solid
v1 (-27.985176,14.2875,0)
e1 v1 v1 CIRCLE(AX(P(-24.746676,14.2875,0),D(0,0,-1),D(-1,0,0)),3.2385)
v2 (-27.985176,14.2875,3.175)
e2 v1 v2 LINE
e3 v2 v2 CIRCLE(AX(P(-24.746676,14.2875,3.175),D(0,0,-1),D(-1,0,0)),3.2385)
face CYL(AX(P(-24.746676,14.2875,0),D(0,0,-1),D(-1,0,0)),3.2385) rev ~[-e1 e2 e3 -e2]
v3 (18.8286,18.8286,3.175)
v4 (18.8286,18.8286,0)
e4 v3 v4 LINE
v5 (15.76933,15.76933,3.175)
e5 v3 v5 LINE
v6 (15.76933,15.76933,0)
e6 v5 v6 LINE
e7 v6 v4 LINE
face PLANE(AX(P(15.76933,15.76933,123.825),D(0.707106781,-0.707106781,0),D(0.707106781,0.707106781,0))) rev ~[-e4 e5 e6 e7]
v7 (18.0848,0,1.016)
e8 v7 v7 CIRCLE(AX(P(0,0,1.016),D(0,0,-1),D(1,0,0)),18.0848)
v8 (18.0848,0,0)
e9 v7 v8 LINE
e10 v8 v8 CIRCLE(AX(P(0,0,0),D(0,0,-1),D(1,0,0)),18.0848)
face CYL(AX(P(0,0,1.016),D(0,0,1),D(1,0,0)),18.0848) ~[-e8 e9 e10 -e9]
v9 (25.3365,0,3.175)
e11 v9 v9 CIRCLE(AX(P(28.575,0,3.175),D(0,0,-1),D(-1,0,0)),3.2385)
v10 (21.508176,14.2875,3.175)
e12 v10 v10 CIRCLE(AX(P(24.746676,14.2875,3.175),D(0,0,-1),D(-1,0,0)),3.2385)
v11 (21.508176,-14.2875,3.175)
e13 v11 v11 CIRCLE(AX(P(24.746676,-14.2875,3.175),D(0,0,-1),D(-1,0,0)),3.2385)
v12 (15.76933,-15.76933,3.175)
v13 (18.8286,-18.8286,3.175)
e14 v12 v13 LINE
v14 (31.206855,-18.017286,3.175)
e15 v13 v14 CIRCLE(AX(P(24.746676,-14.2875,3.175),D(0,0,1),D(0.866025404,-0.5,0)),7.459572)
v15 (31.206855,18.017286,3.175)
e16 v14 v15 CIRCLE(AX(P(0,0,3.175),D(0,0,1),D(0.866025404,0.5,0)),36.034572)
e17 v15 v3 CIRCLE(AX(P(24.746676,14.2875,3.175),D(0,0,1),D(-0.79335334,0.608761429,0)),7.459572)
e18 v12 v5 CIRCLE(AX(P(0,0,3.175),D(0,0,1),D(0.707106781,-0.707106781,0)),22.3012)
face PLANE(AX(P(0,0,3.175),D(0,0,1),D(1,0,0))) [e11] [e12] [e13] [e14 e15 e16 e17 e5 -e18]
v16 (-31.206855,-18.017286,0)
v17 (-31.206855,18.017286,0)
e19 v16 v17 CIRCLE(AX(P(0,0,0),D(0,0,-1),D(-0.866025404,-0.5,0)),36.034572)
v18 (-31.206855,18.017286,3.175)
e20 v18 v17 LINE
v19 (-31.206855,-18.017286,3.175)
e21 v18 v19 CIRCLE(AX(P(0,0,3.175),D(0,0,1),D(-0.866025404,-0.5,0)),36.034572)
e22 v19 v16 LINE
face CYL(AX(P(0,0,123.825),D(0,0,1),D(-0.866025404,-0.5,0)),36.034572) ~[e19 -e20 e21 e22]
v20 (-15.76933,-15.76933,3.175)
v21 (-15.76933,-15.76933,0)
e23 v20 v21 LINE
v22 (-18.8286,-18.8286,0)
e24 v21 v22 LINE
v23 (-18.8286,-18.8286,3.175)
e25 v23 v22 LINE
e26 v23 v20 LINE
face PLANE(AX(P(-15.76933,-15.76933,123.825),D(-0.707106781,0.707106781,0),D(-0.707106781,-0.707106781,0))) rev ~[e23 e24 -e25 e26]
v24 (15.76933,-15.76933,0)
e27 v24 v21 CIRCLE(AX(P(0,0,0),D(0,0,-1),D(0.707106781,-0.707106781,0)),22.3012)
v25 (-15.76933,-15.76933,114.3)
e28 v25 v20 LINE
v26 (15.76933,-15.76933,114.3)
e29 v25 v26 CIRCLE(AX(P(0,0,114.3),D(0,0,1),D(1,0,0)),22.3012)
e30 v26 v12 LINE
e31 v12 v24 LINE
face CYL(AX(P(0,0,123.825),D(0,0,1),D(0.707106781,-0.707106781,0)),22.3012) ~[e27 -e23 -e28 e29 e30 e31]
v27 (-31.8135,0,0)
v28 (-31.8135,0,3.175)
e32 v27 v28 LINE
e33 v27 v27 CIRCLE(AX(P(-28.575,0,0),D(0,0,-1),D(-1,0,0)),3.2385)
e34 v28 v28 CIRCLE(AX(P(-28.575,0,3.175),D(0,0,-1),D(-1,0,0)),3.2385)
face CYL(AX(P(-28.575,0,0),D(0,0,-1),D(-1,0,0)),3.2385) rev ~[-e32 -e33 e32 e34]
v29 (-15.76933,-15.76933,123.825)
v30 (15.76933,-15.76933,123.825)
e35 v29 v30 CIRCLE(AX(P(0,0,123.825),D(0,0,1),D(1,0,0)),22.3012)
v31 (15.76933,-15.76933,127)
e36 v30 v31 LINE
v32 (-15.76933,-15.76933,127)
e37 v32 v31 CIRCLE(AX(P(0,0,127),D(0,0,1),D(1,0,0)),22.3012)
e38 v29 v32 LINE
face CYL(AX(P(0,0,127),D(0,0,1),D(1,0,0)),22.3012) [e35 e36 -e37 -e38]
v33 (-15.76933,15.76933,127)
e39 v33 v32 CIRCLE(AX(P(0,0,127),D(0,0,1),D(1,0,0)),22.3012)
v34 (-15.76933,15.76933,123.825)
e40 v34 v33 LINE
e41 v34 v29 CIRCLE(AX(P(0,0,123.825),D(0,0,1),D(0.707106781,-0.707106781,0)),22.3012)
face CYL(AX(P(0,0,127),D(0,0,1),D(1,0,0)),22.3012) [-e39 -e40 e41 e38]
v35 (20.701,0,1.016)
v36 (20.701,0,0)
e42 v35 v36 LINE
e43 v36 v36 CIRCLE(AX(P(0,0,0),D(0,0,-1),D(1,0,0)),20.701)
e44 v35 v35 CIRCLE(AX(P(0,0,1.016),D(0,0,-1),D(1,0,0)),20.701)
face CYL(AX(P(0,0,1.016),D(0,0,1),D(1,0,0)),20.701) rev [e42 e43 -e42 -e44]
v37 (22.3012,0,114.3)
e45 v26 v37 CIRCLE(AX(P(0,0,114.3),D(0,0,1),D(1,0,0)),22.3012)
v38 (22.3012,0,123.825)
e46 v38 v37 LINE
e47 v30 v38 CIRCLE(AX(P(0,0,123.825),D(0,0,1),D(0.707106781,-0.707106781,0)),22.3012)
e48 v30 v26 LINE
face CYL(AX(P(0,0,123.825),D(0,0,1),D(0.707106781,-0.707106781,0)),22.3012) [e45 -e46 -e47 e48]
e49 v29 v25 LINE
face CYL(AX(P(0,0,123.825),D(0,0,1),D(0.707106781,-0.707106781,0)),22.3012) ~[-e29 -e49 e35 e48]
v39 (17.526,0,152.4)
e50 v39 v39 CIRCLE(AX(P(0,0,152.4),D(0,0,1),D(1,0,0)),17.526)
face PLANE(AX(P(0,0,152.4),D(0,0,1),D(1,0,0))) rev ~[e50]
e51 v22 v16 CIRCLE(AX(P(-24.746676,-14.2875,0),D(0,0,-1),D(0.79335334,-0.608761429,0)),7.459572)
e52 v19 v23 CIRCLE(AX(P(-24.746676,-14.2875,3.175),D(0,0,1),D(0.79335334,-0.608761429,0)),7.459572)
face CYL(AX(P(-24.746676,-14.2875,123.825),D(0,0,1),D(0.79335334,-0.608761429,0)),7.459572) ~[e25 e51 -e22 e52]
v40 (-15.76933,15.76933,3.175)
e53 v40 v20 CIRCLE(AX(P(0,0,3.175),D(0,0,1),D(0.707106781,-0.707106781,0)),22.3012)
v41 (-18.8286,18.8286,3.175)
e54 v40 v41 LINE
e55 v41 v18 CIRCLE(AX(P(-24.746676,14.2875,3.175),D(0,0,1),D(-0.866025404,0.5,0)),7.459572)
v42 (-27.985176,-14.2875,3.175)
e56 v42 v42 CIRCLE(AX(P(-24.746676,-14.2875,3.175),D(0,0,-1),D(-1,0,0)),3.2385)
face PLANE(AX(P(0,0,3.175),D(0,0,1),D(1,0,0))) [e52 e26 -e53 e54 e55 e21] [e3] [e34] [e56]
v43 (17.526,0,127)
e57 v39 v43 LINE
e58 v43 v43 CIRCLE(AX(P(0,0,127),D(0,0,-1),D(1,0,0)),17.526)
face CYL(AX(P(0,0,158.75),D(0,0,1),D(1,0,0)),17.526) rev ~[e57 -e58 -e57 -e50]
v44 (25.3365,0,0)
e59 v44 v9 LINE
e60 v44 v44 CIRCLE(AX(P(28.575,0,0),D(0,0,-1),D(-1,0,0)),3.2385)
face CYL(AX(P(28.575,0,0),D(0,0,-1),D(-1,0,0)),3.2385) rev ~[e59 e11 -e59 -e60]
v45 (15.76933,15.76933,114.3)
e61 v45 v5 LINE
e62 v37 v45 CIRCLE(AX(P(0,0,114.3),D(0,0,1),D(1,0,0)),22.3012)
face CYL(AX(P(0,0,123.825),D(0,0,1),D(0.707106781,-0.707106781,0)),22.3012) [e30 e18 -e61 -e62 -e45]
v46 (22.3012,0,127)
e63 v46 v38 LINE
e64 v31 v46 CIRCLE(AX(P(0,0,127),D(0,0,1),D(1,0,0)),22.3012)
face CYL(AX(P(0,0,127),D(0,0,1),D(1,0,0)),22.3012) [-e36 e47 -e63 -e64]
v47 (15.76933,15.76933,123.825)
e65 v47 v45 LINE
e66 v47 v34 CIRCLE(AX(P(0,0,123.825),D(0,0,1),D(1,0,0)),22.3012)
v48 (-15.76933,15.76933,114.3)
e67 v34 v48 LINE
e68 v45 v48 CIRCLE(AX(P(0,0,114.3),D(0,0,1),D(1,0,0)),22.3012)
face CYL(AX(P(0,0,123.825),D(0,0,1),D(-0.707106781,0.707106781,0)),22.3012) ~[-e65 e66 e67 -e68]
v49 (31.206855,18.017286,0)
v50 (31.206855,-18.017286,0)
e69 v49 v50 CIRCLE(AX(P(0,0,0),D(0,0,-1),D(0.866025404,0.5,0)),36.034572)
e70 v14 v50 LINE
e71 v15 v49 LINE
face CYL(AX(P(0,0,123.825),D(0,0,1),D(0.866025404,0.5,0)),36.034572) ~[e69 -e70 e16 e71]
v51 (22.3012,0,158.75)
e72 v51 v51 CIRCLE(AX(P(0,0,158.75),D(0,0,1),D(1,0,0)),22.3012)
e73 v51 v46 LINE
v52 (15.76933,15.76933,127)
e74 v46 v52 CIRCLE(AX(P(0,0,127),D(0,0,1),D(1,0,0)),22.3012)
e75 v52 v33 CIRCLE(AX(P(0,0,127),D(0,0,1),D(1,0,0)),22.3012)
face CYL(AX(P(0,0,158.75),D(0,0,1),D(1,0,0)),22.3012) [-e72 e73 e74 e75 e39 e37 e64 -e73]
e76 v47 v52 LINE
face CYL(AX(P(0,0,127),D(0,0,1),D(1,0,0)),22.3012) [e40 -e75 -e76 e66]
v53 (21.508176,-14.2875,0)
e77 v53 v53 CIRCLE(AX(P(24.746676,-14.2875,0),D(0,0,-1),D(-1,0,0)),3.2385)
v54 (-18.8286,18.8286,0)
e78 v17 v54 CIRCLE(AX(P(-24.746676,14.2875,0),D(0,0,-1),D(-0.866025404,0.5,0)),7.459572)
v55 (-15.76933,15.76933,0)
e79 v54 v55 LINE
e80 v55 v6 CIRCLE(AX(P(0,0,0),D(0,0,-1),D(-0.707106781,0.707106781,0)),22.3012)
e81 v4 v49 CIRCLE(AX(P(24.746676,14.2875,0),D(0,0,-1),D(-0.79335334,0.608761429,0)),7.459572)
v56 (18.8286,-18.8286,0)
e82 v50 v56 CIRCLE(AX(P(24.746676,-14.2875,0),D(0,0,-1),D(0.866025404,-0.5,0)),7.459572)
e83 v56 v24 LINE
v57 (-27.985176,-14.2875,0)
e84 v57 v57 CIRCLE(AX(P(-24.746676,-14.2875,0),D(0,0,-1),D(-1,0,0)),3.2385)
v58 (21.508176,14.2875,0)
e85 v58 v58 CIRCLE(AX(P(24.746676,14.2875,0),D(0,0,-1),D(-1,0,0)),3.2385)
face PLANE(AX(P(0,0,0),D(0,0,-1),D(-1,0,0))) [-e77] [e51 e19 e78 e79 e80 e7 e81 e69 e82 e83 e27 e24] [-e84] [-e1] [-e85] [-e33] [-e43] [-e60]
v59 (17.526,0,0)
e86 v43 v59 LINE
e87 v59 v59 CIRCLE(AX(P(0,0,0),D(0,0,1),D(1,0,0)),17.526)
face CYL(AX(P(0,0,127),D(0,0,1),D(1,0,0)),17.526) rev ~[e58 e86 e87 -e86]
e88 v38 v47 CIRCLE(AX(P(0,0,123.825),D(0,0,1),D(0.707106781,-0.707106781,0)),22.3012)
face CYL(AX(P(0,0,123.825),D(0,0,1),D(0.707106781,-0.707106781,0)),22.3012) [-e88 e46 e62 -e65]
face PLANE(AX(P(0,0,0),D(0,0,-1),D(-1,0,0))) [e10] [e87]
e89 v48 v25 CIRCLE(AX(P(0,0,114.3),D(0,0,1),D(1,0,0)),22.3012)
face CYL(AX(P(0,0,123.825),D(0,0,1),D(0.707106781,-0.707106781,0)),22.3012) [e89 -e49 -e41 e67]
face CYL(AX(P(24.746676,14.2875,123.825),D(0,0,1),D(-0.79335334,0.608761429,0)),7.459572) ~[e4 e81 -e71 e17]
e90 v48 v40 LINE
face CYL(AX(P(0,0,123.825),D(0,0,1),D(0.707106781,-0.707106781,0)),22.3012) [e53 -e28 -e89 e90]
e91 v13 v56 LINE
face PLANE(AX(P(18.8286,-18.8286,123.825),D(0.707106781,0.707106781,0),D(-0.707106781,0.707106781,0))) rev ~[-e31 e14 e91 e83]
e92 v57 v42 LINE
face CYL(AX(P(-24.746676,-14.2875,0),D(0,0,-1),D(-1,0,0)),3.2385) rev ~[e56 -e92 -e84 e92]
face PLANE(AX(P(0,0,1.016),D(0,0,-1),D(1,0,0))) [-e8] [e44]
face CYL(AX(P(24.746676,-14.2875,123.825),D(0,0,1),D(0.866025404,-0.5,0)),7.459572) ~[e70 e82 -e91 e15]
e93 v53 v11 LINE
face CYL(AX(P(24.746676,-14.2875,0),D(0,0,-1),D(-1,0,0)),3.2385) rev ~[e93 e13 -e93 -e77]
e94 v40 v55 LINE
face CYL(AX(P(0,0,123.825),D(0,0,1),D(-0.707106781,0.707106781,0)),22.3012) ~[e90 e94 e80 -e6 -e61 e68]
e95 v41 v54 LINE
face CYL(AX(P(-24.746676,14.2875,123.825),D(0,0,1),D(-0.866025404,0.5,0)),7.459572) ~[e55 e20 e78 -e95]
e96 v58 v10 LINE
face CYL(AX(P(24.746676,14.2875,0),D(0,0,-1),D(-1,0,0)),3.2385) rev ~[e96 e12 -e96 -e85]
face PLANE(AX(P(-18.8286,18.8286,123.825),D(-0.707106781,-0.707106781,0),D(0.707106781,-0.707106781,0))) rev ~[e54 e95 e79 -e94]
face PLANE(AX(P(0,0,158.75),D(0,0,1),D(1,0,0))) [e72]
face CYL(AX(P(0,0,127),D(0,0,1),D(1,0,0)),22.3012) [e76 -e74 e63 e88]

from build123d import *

# Parameters (mm, degrees)
SKETCH1_R            = 21.082
SKETCH1_R_2          = 17.526
BOSS_EXTRUDE1_DEPTH  = 254
BOSS_EXTRUDE2_START  = 6.35
SKETCH2_R            = 21.082
BOSS_EXTRUDE2_DEPTH  = 6.35
SKETCH3_R            = 25.868376463
CUT_EXTRUDE1_DEPTH   = 127
SKETCH4_R            = 34.925
SKETCH4_R_2          = 19.091061219
BOSS_EXTRUDE3_DEPTH  = 3.175
CUT_EXTRUDE2_DEPTH   = 143.203142546
CIRPATTERN1_COUNT    = 12
SKETCH6_R            = 21.082
CUT_EXTRUDE3_DEPTH   = 6.35
SKETCH7_R            = 21.082
BOSS_EXTRUDE4_DEPTH  = 6.35
CUT_EXTRUDE5_DEPTH   = 137.26632471
BOSS_EXTRUDE5_DEPTH  = 3.175
SKETCH13_R           = 20.701
SKETCH13_R_2         = 18.0848
CUT_EXTRUDE6_DEPTH   = 1.016
SKETCH14_R           = 22.3012
SKETCH14_R_2         = 20.701
BOSS_EXTRUDE6_DEPTH  = 3.175
SKETCH15_R           = 3.175
SKETCH15_R_2         = 21.082
BOSS_EXTRUDE7_DEPTH  = 123.825
SKETCH17_R           = 47.464750001
SKETCH17_R_2         = 22.3012
CUT_EXTRUDE7_DEPTH   = 120.65
SKETCH18_R           = 17.526
CUT_EXTRUDE8_DEPTH   = 134.883658048
CUT_EXTRUDE9_START   = -1.016
SKETCH19_R           = 20.701
SKETCH19_R_2         = 18.0848
CUT_EXTRUDE9_DEPTH   = 1.016
SKETCH20_R           = 44.795310745
SKETCH20_R_2         = 22.3012
CUT_EXTRUDE10_DEPTH  = 12.7
BOSS_EXTRUDE8_START  = 31.75
SKETCH22_R           = 22.3012
SKETCH22_R_2         = 20.701
SKETCH22_R_3         = 18.0848
SKETCH22_R_4         = 17.526
BOSS_EXTRUDE8_DEPTH  = 31.75
BOSS_EXTRUDE9_START  = 32.766
SKETCH23_R           = 20.701
SKETCH23_R_2         = 18.0848
BOSS_EXTRUDE9_DEPTH  = 32.766
SKETCH24_R           = 17.526
BOSS_EXTRUDE10_DEPTH = 6.35
SKETCH25_R           = 3.2385
CUT_EXTRUDE11_DEPTH  = 165.308844535


with BuildPart() as part:
    # Sketch1 → Boss-Extrude1 (new body)
    with BuildSketch(Plane.XY):
        Circle(SKETCH1_R)
        Circle(SKETCH1_R_2, mode=Mode.SUBTRACT)
    extrude(amount=BOSS_EXTRUDE1_DEPTH)

    # Sketch2 → Boss-Extrude2 (add)
    with BuildSketch(Plane(origin=(0, 0, 0), x_dir=(-1, 0, 0), z_dir=(0, 0, -1)).offset(BOSS_EXTRUDE2_START)):
        Circle(SKETCH2_R)
    extrude(amount=-BOSS_EXTRUDE2_DEPTH)

    # Sketch3 → Cut-Extrude1 (cut)
    with BuildSketch(Plane.XY.offset(254)):
        Circle(SKETCH3_R)
    extrude(amount=-CUT_EXTRUDE1_DEPTH, mode=Mode.SUBTRACT)

    # Sketch4 → Boss-Extrude3 (add)
    with BuildSketch(Plane.XY.offset(127)):
        Circle(SKETCH4_R)
        Circle(SKETCH4_R_2, mode=Mode.SUBTRACT)
    extrude(amount=-BOSS_EXTRUDE3_DEPTH)

    # Sketch5 → Cut-Extrude2 (cut, through all)
    with BuildSketch(Plane.XY.offset(127)):
        with BuildLine():
            ThreePointArc((0, 31.75), (-3.175, 28.575), (0, 25.4))
            Line((0, 25.4), (0, 31.75))
        make_face()
        with BuildLine():
            Line((0, 31.75), (0, 25.4))
            ThreePointArc((0, 25.4), (2.24506403, 26.32993597), (3.175, 28.575))
            ThreePointArc((3.175, 28.575), (2.24506403, 30.82006403), (0, 31.75))
        make_face()
    cut_extrude2 = extrude(amount=-CUT_EXTRUDE2_DEPTH, mode=Mode.SUBTRACT)

    # CirPattern1: Cut-Extrude2 ×12 about axis
    cirpattern1_axis = Axis((0, 0, 0), (0, 0, 1))
    for i in range(1, CIRPATTERN1_COUNT):
        add(cut_extrude2.rotate(cirpattern1_axis, i * 360 / CIRPATTERN1_COUNT), mode=Mode.SUBTRACT)

    # Sketch6 → Cut-Extrude3 (cut)
    with BuildSketch(Plane(origin=(0, 0, -6.35), x_dir=(-1, 0, 0), z_dir=(0, 0, -1))):
        Circle(SKETCH6_R)
    extrude(amount=-CUT_EXTRUDE3_DEPTH, mode=Mode.SUBTRACT)

    # Sketch7 → Boss-Extrude4 (add)
    with BuildSketch(Plane(origin=(0, 0, 0), x_dir=(-1, 0, 0), z_dir=(0, 0, -1))):
        Circle(SKETCH7_R)
    extrude(amount=-BOSS_EXTRUDE4_DEPTH)

    # Sketch8 → Cut-Extrude5 (cut, through all)
    with BuildSketch(Plane.XY.offset(127)):
        with BuildLine():
            ThreePointArc((18.828599641, 18.828599641), (22.949516837, 21.527350272), (27.854121372, 21.069018667))
            ThreePointArc((27.854121372, 21.069018667), (0, 34.925), (-27.854121372, 21.069018667))
            ThreePointArc((-27.854121372, 21.069018667), (-22.949516837, 21.527350272), (-18.828599641, 18.828599641))
            Line((-18.828599641, 18.828599641), (-14.907225161, 14.907225161))
            ThreePointArc((-14.907225161, 14.907225161), (0, 21.082), (14.907225161, 14.907225161))
            Line((14.907225161, 14.907225161), (18.828599641, 18.828599641))
        make_face()
        with BuildLine():
            ThreePointArc((14.907225161, -14.907225161), (0, -21.082), (-14.907225161, -14.907225161))
            Line((-14.907225161, -14.907225161), (-18.828599641, -18.828599641))
            ThreePointArc((-18.828599641, -18.828599641), (-22.949516837, -21.527350272), (-27.854121372, -21.069018667))
            ThreePointArc((-27.854121372, -21.069018667), (0, -34.925), (27.854121372, -21.069018667))
            ThreePointArc((27.854121372, -21.069018667), (22.949516837, -21.527350272), (18.828599641, -18.828599641))
            Line((18.828599641, -18.828599641), (14.907225161, -14.907225161))
        make_face()
    extrude(amount=-CUT_EXTRUDE5_DEPTH, mode=Mode.SUBTRACT)

    # Sketch11 → Boss-Extrude5 (add)
    with BuildSketch(Plane.XY.offset(127)):
        with BuildLine():
            ThreePointArc((31.206854634, 18.017286001), (29.767943301, 19.804028486), (27.854121372, 21.069018667))
            ThreePointArc((27.854121372, 21.069018667), (34.925, 0), (27.854121372, -21.069018667))
            ThreePointArc((27.854121372, -21.069018667), (29.767943301, -19.804028486), (31.206854634, -18.017286001))
            ThreePointArc((31.206854634, -18.017286001), (36.034571885, 0), (31.206854634, 18.017286001))
        make_face()
        with BuildLine():
            ThreePointArc((-27.854121372, 21.069018667), (-29.767943301, 19.804028486), (-31.206854634, 18.017286001))
            ThreePointArc((-31.206854634, 18.017286001), (-36.034571885, -1.77e-07), (-31.206854456, -18.017286308))
            ThreePointArc((-31.206854456, -18.017286308), (-29.767943169, -19.804028605), (-27.854121372, -21.069018667))
            ThreePointArc((-27.854121372, -21.069018667), (-34.925, 0), (-27.854121372, 21.069018667))
        make_face()
    extrude(amount=-BOSS_EXTRUDE5_DEPTH)

    # Sketch13 → Cut-Extrude6 (cut)
    with BuildSketch(Plane.XY.offset(127)):
        Circle(SKETCH13_R)
        Circle(SKETCH13_R_2, mode=Mode.SUBTRACT)
    extrude(amount=-CUT_EXTRUDE6_DEPTH, mode=Mode.SUBTRACT)

    # Sketch14 → Boss-Extrude6 (add)
    with BuildSketch(Plane.XY.offset(127)):
        Circle(SKETCH14_R)
        Circle(SKETCH14_R_2, mode=Mode.SUBTRACT)
    extrude(amount=-BOSS_EXTRUDE6_DEPTH)

    # Sketch15 → Boss-Extrude7 (add)
    with BuildSketch(Plane(origin=(0, 0, 123.825), x_dir=(-1, 0, 0), z_dir=(0, 0, -1))):
        with BuildLine():
            ThreePointArc((31.206854667, 18.017285943), (25.234555257, 21.731100369), (18.828599641, 18.828599641))
            Line((18.828599641, 18.828599641), (15.769329749, 15.769329749))
            ThreePointArc((15.769329749, 15.769329749), (0, 22.3012), (-15.769329749, 15.769329749))
            Line((-15.769329749, 15.769329749), (-18.828599641, 18.828599641))
            ThreePointArc((-18.828599641, 18.828599641), (-25.234555257, 21.731100369), (-31.206854667, 18.017285943))
            ThreePointArc((-31.206854667, 18.017285943), (-36.034571885, 0), (-31.206854667, -18.017285943))
            ThreePointArc((-31.206854667, -18.017285943), (-25.234555257, -21.731100369), (-18.828599641, -18.828599641))
            Line((-18.828599641, -18.828599641), (-15.769329749, -15.769329749))
            ThreePointArc((-15.769329749, -15.769329749), (0, -22.3012), (15.769329749, -15.769329749))
            Line((15.769329749, -15.769329749), (18.828599641, -18.828599641))
            ThreePointArc((18.828599641, -18.828599641), (25.234555257, -21.731100369), (31.206854667, -18.017285943))
            ThreePointArc((31.206854667, -18.017285943), (36.034571885, 0), (31.206854667, 18.017285943))
        make_face()
        with Locations(Location((28.575, 0, 0), (0, 0, 90))):
            Circle(SKETCH15_R, mode=Mode.SUBTRACT)
        with Locations(Location((-24.746675913, -14.2875, 0), (0, 0, 300))):
            Circle(SKETCH15_R, mode=Mode.SUBTRACT)
        with Locations(Location((-24.746675913, 14.2875, 0), (0, 0, 240))):
            Circle(SKETCH15_R, mode=Mode.SUBTRACT)
        with Locations(Location((-28.575, 0, 0), (0, 0, 270))):
            Circle(SKETCH15_R, mode=Mode.SUBTRACT)
        Circle(SKETCH15_R_2, mode=Mode.SUBTRACT)
        with Locations(Location((24.746675913, -14.2875, 0), (0, 0, 60))):
            Circle(SKETCH15_R, mode=Mode.SUBTRACT)
        with Locations(Location((24.746675913, 14.2875, 0), (0, 0, 120))):
            Circle(SKETCH15_R, mode=Mode.SUBTRACT)
    extrude(amount=BOSS_EXTRUDE7_DEPTH)

    # Sketch17 → Cut-Extrude7 (cut)
    with BuildSketch(Plane.XY.offset(123.825)):
        Circle(SKETCH17_R)
        with Locations(Location((0, 0, 0), (0, 0, 315))):
            Circle(SKETCH17_R_2, mode=Mode.SUBTRACT)
    extrude(amount=-CUT_EXTRUDE7_DEPTH, mode=Mode.SUBTRACT)

    # Sketch18 → Cut-Extrude8 (cut, through all)
    with BuildSketch(Plane.XY.offset(127)):
        Circle(SKETCH18_R)
    extrude(amount=-CUT_EXTRUDE8_DEPTH, mode=Mode.SUBTRACT)

    # Sketch19 → Cut-Extrude9 (cut)
    with BuildSketch(Plane(origin=(0, 0, 0), x_dir=(-1, 0, 0), z_dir=(0, 0, -1)).offset(CUT_EXTRUDE9_START)):
        with Locations(Location((0, 0, 0), (0, 0, 180))):
            Circle(SKETCH19_R)
        with Locations(Location((0, 0, 0), (0, 0, 180))):
            Circle(SKETCH19_R_2, mode=Mode.SUBTRACT)
    extrude(amount=CUT_EXTRUDE9_DEPTH, mode=Mode.SUBTRACT)

    # Sketch20 → Cut-Extrude10 (cut)
    with BuildSketch(Plane.XY.offset(127)):
        Circle(SKETCH20_R)
        Circle(SKETCH20_R_2, mode=Mode.SUBTRACT)
    extrude(amount=-CUT_EXTRUDE10_DEPTH, mode=Mode.SUBTRACT)

    # Sketch22 → Boss-Extrude8 (add)
    # profile 1 of 2: a face of its own
    with BuildSketch(Plane.XY.offset(127).offset(BOSS_EXTRUDE8_START)):
        Circle(SKETCH22_R)
        Circle(SKETCH22_R_2, mode=Mode.SUBTRACT)
    # profile 2 of 2: a face of its own
    with BuildSketch(Plane.XY.offset(127).offset(BOSS_EXTRUDE8_START)):
        Circle(SKETCH22_R_3)
        Circle(SKETCH22_R_4, mode=Mode.SUBTRACT)
    extrude(amount=-BOSS_EXTRUDE8_DEPTH)

    # Sketch23 → Boss-Extrude9 (add)
    with BuildSketch(Plane.XY.offset(125.984).offset(BOSS_EXTRUDE9_START)):
        with Locations(Location((0, 0, 0), (0, 0, 180))):
            Circle(SKETCH23_R)
        with Locations(Location((0, 0, 0), (0, 0, 180))):
            Circle(SKETCH23_R_2, mode=Mode.SUBTRACT)
    extrude(amount=-BOSS_EXTRUDE9_DEPTH)

    # Sketch24 → Boss-Extrude10 (add)
    with BuildSketch(Plane.XY.offset(158.75)):
        Circle(SKETCH24_R)
    extrude(amount=-BOSS_EXTRUDE10_DEPTH)

    # Sketch25 → Cut-Extrude11 (cut, through all)
    with BuildSketch(Plane(origin=(0, 0, 0), x_dir=(-1, 0, 0), z_dir=(0, 0, -1))):
        with Locations((-24.746675913, 14.2875)):
            Circle(SKETCH25_R)
        with Locations((-28.575, 0)):
            Circle(SKETCH25_R)
        with Locations((-24.746675913, -14.2875)):
            Circle(SKETCH25_R)
        with Locations((24.746675913, 14.2875)):
            Circle(SKETCH25_R)
        with Locations((28.575, 0)):
            Circle(SKETCH25_R)
        with Locations((24.746675913, -14.2875)):
            Circle(SKETCH25_R)
    extrude(amount=-CUT_EXTRUDE11_DEPTH, mode=Mode.SUBTRACT)


solid = part.part
